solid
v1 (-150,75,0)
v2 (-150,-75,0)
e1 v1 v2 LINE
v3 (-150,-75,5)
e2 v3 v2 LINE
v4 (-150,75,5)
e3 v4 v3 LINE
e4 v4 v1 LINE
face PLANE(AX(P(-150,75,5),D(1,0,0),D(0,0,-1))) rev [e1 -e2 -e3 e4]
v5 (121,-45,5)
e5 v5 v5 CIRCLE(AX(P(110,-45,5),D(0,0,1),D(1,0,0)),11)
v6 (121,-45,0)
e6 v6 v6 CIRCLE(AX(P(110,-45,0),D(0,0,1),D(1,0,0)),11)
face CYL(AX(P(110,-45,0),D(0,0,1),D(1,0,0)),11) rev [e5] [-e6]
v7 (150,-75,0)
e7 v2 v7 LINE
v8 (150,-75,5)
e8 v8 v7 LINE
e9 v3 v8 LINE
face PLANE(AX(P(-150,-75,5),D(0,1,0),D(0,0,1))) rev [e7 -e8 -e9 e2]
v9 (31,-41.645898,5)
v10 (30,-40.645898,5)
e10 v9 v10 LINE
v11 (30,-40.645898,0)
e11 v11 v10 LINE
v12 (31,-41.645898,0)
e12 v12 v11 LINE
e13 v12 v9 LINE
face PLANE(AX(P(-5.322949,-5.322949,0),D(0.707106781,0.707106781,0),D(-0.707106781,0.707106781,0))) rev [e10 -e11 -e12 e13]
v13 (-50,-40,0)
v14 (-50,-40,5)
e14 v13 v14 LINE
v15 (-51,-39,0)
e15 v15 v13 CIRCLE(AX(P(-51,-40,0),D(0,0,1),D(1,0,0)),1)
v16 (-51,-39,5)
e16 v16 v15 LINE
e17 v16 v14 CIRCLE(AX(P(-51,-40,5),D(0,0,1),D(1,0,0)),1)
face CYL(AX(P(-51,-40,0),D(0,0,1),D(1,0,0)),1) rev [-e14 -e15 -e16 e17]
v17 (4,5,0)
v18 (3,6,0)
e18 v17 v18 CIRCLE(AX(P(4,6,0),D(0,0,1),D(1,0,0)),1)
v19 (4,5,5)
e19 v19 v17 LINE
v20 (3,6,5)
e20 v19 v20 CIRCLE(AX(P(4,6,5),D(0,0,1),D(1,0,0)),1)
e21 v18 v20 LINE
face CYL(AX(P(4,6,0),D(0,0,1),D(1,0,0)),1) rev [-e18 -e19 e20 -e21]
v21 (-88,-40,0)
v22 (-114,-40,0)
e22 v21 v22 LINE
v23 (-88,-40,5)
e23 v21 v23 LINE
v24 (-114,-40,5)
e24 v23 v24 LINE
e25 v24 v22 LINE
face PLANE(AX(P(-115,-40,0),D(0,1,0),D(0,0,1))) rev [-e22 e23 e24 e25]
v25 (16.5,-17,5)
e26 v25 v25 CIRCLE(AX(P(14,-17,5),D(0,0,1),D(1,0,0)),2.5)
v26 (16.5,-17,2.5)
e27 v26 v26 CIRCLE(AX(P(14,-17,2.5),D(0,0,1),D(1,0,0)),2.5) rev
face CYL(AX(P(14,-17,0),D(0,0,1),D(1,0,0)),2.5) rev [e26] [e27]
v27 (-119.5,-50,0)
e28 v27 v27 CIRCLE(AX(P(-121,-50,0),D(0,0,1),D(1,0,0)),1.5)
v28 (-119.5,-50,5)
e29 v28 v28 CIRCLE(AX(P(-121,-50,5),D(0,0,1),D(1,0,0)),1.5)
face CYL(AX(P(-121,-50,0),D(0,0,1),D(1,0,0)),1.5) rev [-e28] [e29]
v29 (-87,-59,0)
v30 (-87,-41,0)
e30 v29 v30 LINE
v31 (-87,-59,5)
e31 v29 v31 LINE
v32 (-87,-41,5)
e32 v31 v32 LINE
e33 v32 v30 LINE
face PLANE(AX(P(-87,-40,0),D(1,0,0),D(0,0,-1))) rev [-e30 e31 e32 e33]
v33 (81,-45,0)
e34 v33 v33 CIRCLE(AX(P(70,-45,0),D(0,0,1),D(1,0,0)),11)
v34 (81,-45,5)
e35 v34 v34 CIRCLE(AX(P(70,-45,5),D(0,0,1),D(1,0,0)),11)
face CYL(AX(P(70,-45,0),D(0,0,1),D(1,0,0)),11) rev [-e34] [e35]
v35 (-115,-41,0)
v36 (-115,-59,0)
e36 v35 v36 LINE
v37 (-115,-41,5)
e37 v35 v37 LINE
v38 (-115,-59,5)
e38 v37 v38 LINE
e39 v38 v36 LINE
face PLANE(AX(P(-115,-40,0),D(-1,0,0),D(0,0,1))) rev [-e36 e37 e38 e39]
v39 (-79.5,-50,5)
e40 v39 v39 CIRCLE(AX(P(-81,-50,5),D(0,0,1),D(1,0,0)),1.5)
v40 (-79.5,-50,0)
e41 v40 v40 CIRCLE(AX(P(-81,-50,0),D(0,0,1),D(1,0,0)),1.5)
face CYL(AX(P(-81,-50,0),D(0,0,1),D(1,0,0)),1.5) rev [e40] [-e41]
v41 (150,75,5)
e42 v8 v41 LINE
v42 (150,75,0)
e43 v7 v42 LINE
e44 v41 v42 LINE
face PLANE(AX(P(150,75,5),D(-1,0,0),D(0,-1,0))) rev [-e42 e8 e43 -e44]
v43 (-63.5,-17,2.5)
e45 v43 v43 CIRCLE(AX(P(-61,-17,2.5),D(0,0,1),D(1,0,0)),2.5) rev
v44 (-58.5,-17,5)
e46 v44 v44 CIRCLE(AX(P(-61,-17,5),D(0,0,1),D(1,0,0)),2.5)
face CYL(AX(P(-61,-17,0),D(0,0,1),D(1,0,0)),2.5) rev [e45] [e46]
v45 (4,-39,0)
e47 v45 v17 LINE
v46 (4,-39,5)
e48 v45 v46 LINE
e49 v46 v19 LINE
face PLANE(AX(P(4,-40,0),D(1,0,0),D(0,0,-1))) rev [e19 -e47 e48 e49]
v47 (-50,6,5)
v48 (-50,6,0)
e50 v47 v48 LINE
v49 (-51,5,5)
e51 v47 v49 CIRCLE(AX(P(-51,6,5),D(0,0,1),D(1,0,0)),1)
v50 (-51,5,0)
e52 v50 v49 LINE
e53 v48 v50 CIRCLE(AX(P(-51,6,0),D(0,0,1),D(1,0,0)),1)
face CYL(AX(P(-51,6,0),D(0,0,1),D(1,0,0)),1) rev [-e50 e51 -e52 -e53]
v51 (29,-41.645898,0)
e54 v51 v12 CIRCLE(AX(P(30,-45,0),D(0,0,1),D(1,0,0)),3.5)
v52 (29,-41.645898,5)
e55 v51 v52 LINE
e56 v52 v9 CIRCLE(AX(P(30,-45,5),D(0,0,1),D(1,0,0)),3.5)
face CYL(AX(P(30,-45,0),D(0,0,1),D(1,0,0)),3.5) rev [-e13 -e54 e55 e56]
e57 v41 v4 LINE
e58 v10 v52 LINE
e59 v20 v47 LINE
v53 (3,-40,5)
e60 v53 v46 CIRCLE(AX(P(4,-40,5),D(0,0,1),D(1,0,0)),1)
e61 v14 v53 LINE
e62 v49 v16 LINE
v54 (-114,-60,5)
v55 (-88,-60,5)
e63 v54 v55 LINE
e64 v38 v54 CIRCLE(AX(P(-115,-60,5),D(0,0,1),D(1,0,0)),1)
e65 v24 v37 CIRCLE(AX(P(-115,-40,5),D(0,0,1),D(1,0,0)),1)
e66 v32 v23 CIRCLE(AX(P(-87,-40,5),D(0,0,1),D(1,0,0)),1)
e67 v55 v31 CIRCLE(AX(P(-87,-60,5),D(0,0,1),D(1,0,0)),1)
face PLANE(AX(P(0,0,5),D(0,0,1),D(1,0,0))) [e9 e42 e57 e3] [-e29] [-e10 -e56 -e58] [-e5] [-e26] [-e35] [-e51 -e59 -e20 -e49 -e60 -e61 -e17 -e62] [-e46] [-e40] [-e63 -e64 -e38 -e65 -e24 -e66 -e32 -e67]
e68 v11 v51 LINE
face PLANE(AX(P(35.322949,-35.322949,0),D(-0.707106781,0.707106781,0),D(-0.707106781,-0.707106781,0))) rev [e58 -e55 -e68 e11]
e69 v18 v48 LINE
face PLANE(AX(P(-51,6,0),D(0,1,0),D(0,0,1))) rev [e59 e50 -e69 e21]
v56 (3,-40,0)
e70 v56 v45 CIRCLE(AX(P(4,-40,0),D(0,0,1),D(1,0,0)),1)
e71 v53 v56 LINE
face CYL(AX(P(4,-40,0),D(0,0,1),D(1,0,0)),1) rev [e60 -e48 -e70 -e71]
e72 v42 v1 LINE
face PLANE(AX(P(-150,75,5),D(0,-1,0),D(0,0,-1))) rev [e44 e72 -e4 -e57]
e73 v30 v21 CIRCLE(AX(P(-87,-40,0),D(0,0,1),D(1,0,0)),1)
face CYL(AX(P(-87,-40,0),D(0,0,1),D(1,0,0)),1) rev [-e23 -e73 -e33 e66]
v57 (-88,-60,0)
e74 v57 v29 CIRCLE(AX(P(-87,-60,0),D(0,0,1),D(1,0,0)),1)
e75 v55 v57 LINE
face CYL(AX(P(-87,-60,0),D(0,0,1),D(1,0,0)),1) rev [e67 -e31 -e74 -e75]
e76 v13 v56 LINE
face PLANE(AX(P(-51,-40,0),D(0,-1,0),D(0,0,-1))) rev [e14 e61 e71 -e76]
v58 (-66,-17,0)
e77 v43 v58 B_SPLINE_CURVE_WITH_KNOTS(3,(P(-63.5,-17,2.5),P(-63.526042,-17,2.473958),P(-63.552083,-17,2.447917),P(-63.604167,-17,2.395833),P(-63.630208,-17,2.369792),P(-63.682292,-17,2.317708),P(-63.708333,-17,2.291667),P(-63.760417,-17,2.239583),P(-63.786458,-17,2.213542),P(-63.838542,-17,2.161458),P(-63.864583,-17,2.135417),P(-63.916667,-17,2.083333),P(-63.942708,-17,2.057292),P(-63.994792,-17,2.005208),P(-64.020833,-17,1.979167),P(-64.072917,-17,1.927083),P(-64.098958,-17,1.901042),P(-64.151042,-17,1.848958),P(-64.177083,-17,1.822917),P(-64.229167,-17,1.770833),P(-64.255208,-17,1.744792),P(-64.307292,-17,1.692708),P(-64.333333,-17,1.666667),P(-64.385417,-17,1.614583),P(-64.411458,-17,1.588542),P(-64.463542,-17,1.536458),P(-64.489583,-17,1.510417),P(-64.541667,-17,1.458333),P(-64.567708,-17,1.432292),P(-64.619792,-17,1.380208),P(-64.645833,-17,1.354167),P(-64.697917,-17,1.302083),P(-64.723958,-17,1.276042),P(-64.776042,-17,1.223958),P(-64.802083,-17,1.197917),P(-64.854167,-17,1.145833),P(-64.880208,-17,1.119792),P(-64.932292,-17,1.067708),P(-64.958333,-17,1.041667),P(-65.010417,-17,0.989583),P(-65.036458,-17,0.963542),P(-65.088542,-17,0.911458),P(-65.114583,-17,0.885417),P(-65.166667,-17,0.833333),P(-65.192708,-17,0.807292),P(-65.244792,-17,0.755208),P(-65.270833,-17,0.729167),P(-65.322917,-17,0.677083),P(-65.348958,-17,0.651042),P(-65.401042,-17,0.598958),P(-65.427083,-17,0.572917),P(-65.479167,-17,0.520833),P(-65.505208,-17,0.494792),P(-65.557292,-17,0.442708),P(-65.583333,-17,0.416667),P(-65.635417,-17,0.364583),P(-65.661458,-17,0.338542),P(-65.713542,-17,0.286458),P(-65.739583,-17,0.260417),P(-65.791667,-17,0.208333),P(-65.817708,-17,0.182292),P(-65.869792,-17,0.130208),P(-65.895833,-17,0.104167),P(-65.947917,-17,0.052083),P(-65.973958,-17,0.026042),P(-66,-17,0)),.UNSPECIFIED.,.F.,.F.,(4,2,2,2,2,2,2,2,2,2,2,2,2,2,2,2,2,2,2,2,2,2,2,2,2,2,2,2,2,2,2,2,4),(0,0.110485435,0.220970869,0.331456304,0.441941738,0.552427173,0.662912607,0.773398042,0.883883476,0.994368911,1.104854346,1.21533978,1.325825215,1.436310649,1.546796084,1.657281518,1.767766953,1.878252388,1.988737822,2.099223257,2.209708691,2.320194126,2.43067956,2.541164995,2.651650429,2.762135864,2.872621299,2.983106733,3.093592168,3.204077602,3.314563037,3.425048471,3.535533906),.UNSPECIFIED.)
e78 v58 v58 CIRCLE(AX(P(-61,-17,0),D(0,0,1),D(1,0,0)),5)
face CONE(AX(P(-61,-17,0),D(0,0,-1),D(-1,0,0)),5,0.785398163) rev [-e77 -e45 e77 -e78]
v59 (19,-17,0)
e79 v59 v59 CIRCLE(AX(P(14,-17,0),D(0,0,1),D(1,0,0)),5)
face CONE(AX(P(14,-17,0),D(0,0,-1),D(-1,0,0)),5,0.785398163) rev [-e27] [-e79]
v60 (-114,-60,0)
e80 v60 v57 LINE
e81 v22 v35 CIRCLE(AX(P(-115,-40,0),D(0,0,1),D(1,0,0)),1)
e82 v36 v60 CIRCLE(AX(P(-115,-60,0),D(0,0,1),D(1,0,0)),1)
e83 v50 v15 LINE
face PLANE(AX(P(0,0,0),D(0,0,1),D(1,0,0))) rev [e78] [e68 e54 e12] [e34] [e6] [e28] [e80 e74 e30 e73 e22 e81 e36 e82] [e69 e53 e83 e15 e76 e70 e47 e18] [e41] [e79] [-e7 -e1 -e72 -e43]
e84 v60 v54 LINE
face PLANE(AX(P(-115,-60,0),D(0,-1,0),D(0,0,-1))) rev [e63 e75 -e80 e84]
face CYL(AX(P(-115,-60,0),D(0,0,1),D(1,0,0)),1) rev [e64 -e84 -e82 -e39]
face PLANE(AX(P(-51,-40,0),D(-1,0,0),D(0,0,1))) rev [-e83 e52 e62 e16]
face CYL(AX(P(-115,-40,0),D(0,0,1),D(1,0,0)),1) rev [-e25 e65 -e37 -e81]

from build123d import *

# Parameters (mm, degrees)
SKIZZE1_W                       = 300
SKIZZE1_H                       = 150
AUFSATZ_LINEAR_AUSTRAGEN1_DEPTH = 5
SKIZZE2_R                       = 1.5
SKIZZE2_W                       = 28
SKIZZE2_H                       = 20
SCHNITT_LINEAR_AUSTRAGEN1_DEPTH = 168.779617356
SKIZZE3_R                       = 11
SCHNITT_LINEAR_AUSTRAGEN2_DEPTH = 168.779617356
SKIZZE4_R                       = 1
SCHNITT_LINEAR_AUSTRAGEN3_DEPTH = 168.779617356
SKIZZE5_R                       = 2.5
SKIZZE5_W                       = 55
SKIZZE5_H                       = 46
SCHNITT_LINEAR_AUSTRAGEN4_DEPTH = 168.779617356
SKIZZE6_R                       = 1
SCHNITT_LINEAR_AUSTRAGEN5_DEPTH = 168.779617356
SCHNITT_LINEAR_AUSTRAGEN6_DEPTH = 168.779617356
FASE1_SIZE                      = 2.5


with BuildPart() as part:
    # Skizze1 → Aufsatz-Linear austragen1 (new body)
    with BuildSketch(Plane.XY):
        Rectangle(SKIZZE1_W, SKIZZE1_H)
    extrude(amount=AUFSATZ_LINEAR_AUSTRAGEN1_DEPTH)

    # Skizze2 → Schnitt-Linear austragen1 (cut, through all)
    with BuildSketch(Plane.XY.offset(5)):
        with Locations((-121, -50)):
            Circle(SKIZZE2_R)
        with Locations((-81, -50)):
            Circle(SKIZZE2_R)
        with Locations((-101, -50)):
            Rectangle(SKIZZE2_W, SKIZZE2_H)
    extrude(amount=-SCHNITT_LINEAR_AUSTRAGEN1_DEPTH, mode=Mode.SUBTRACT)

    # Skizze3 → Schnitt-Linear austragen2 (cut, through all)
    with BuildSketch(Plane.XY.offset(5)):
        with Locations((110, -45)):
            Circle(SKIZZE3_R)
        with Locations((70, -45)):
            Circle(SKIZZE3_R)
    extrude(amount=-SCHNITT_LINEAR_AUSTRAGEN2_DEPTH, mode=Mode.SUBTRACT)

    # Skizze4 → Schnitt-Linear austragen3 (cut, through all)
    with BuildSketch(Plane.XY.offset(5)):
        with Locations((-115, -40)):
            Circle(SKIZZE4_R)
        with Locations((-87, -40)):
            Circle(SKIZZE4_R)
        with Locations((-87, -60)):
            Circle(SKIZZE4_R)
        with Locations((-115, -60)):
            Circle(SKIZZE4_R)
    extrude(amount=-SCHNITT_LINEAR_AUSTRAGEN3_DEPTH, mode=Mode.SUBTRACT)

    # Skizze5 → Schnitt-Linear austragen4 (cut, through all)
    with BuildSketch(Plane.XY.offset(5)):
        with Locations((-61, -17)):
            Circle(SKIZZE5_R)
        with Locations((14, -17)):
            Circle(SKIZZE5_R)
        with Locations((-23.5, -17)):
            Rectangle(SKIZZE5_W, SKIZZE5_H)
    extrude(amount=-SCHNITT_LINEAR_AUSTRAGEN4_DEPTH, mode=Mode.SUBTRACT)

    # Skizze6 → Schnitt-Linear austragen5 (cut, through all)
    with BuildSketch(Plane.XY.offset(5)):
        with Locations((-51, 6)):
            Circle(SKIZZE6_R)
        with Locations((4, 6)):
            Circle(SKIZZE6_R)
        with Locations((4, -40)):
            Circle(SKIZZE6_R)
        with Locations((-51, -40)):
            Circle(SKIZZE6_R)
    extrude(amount=-SCHNITT_LINEAR_AUSTRAGEN5_DEPTH, mode=Mode.SUBTRACT)

    # Skizze7 → Schnitt-Linear austragen6 (cut, through all)
    with BuildSketch(Plane.XY.offset(5)):
        with BuildLine():
            Line((30, -40.645898034), (29, -41.645898034))
            ThreePointArc((29, -41.645898034), (30, -48.5), (31, -41.645898034))
            Line((31, -41.645898034), (30, -40.645898034))
        make_face()
    extrude(amount=-SCHNITT_LINEAR_AUSTRAGEN6_DEPTH, mode=Mode.SUBTRACT)

    # Fase1
    fase1_edges = [part.edges().sort_by_distance(p)[0] for p in [
        (-63.5, -17, 0),
        (11.5, -17, 0),
    ]]
    chamfer(fase1_edges, length=FASE1_SIZE)


solid = part.part
